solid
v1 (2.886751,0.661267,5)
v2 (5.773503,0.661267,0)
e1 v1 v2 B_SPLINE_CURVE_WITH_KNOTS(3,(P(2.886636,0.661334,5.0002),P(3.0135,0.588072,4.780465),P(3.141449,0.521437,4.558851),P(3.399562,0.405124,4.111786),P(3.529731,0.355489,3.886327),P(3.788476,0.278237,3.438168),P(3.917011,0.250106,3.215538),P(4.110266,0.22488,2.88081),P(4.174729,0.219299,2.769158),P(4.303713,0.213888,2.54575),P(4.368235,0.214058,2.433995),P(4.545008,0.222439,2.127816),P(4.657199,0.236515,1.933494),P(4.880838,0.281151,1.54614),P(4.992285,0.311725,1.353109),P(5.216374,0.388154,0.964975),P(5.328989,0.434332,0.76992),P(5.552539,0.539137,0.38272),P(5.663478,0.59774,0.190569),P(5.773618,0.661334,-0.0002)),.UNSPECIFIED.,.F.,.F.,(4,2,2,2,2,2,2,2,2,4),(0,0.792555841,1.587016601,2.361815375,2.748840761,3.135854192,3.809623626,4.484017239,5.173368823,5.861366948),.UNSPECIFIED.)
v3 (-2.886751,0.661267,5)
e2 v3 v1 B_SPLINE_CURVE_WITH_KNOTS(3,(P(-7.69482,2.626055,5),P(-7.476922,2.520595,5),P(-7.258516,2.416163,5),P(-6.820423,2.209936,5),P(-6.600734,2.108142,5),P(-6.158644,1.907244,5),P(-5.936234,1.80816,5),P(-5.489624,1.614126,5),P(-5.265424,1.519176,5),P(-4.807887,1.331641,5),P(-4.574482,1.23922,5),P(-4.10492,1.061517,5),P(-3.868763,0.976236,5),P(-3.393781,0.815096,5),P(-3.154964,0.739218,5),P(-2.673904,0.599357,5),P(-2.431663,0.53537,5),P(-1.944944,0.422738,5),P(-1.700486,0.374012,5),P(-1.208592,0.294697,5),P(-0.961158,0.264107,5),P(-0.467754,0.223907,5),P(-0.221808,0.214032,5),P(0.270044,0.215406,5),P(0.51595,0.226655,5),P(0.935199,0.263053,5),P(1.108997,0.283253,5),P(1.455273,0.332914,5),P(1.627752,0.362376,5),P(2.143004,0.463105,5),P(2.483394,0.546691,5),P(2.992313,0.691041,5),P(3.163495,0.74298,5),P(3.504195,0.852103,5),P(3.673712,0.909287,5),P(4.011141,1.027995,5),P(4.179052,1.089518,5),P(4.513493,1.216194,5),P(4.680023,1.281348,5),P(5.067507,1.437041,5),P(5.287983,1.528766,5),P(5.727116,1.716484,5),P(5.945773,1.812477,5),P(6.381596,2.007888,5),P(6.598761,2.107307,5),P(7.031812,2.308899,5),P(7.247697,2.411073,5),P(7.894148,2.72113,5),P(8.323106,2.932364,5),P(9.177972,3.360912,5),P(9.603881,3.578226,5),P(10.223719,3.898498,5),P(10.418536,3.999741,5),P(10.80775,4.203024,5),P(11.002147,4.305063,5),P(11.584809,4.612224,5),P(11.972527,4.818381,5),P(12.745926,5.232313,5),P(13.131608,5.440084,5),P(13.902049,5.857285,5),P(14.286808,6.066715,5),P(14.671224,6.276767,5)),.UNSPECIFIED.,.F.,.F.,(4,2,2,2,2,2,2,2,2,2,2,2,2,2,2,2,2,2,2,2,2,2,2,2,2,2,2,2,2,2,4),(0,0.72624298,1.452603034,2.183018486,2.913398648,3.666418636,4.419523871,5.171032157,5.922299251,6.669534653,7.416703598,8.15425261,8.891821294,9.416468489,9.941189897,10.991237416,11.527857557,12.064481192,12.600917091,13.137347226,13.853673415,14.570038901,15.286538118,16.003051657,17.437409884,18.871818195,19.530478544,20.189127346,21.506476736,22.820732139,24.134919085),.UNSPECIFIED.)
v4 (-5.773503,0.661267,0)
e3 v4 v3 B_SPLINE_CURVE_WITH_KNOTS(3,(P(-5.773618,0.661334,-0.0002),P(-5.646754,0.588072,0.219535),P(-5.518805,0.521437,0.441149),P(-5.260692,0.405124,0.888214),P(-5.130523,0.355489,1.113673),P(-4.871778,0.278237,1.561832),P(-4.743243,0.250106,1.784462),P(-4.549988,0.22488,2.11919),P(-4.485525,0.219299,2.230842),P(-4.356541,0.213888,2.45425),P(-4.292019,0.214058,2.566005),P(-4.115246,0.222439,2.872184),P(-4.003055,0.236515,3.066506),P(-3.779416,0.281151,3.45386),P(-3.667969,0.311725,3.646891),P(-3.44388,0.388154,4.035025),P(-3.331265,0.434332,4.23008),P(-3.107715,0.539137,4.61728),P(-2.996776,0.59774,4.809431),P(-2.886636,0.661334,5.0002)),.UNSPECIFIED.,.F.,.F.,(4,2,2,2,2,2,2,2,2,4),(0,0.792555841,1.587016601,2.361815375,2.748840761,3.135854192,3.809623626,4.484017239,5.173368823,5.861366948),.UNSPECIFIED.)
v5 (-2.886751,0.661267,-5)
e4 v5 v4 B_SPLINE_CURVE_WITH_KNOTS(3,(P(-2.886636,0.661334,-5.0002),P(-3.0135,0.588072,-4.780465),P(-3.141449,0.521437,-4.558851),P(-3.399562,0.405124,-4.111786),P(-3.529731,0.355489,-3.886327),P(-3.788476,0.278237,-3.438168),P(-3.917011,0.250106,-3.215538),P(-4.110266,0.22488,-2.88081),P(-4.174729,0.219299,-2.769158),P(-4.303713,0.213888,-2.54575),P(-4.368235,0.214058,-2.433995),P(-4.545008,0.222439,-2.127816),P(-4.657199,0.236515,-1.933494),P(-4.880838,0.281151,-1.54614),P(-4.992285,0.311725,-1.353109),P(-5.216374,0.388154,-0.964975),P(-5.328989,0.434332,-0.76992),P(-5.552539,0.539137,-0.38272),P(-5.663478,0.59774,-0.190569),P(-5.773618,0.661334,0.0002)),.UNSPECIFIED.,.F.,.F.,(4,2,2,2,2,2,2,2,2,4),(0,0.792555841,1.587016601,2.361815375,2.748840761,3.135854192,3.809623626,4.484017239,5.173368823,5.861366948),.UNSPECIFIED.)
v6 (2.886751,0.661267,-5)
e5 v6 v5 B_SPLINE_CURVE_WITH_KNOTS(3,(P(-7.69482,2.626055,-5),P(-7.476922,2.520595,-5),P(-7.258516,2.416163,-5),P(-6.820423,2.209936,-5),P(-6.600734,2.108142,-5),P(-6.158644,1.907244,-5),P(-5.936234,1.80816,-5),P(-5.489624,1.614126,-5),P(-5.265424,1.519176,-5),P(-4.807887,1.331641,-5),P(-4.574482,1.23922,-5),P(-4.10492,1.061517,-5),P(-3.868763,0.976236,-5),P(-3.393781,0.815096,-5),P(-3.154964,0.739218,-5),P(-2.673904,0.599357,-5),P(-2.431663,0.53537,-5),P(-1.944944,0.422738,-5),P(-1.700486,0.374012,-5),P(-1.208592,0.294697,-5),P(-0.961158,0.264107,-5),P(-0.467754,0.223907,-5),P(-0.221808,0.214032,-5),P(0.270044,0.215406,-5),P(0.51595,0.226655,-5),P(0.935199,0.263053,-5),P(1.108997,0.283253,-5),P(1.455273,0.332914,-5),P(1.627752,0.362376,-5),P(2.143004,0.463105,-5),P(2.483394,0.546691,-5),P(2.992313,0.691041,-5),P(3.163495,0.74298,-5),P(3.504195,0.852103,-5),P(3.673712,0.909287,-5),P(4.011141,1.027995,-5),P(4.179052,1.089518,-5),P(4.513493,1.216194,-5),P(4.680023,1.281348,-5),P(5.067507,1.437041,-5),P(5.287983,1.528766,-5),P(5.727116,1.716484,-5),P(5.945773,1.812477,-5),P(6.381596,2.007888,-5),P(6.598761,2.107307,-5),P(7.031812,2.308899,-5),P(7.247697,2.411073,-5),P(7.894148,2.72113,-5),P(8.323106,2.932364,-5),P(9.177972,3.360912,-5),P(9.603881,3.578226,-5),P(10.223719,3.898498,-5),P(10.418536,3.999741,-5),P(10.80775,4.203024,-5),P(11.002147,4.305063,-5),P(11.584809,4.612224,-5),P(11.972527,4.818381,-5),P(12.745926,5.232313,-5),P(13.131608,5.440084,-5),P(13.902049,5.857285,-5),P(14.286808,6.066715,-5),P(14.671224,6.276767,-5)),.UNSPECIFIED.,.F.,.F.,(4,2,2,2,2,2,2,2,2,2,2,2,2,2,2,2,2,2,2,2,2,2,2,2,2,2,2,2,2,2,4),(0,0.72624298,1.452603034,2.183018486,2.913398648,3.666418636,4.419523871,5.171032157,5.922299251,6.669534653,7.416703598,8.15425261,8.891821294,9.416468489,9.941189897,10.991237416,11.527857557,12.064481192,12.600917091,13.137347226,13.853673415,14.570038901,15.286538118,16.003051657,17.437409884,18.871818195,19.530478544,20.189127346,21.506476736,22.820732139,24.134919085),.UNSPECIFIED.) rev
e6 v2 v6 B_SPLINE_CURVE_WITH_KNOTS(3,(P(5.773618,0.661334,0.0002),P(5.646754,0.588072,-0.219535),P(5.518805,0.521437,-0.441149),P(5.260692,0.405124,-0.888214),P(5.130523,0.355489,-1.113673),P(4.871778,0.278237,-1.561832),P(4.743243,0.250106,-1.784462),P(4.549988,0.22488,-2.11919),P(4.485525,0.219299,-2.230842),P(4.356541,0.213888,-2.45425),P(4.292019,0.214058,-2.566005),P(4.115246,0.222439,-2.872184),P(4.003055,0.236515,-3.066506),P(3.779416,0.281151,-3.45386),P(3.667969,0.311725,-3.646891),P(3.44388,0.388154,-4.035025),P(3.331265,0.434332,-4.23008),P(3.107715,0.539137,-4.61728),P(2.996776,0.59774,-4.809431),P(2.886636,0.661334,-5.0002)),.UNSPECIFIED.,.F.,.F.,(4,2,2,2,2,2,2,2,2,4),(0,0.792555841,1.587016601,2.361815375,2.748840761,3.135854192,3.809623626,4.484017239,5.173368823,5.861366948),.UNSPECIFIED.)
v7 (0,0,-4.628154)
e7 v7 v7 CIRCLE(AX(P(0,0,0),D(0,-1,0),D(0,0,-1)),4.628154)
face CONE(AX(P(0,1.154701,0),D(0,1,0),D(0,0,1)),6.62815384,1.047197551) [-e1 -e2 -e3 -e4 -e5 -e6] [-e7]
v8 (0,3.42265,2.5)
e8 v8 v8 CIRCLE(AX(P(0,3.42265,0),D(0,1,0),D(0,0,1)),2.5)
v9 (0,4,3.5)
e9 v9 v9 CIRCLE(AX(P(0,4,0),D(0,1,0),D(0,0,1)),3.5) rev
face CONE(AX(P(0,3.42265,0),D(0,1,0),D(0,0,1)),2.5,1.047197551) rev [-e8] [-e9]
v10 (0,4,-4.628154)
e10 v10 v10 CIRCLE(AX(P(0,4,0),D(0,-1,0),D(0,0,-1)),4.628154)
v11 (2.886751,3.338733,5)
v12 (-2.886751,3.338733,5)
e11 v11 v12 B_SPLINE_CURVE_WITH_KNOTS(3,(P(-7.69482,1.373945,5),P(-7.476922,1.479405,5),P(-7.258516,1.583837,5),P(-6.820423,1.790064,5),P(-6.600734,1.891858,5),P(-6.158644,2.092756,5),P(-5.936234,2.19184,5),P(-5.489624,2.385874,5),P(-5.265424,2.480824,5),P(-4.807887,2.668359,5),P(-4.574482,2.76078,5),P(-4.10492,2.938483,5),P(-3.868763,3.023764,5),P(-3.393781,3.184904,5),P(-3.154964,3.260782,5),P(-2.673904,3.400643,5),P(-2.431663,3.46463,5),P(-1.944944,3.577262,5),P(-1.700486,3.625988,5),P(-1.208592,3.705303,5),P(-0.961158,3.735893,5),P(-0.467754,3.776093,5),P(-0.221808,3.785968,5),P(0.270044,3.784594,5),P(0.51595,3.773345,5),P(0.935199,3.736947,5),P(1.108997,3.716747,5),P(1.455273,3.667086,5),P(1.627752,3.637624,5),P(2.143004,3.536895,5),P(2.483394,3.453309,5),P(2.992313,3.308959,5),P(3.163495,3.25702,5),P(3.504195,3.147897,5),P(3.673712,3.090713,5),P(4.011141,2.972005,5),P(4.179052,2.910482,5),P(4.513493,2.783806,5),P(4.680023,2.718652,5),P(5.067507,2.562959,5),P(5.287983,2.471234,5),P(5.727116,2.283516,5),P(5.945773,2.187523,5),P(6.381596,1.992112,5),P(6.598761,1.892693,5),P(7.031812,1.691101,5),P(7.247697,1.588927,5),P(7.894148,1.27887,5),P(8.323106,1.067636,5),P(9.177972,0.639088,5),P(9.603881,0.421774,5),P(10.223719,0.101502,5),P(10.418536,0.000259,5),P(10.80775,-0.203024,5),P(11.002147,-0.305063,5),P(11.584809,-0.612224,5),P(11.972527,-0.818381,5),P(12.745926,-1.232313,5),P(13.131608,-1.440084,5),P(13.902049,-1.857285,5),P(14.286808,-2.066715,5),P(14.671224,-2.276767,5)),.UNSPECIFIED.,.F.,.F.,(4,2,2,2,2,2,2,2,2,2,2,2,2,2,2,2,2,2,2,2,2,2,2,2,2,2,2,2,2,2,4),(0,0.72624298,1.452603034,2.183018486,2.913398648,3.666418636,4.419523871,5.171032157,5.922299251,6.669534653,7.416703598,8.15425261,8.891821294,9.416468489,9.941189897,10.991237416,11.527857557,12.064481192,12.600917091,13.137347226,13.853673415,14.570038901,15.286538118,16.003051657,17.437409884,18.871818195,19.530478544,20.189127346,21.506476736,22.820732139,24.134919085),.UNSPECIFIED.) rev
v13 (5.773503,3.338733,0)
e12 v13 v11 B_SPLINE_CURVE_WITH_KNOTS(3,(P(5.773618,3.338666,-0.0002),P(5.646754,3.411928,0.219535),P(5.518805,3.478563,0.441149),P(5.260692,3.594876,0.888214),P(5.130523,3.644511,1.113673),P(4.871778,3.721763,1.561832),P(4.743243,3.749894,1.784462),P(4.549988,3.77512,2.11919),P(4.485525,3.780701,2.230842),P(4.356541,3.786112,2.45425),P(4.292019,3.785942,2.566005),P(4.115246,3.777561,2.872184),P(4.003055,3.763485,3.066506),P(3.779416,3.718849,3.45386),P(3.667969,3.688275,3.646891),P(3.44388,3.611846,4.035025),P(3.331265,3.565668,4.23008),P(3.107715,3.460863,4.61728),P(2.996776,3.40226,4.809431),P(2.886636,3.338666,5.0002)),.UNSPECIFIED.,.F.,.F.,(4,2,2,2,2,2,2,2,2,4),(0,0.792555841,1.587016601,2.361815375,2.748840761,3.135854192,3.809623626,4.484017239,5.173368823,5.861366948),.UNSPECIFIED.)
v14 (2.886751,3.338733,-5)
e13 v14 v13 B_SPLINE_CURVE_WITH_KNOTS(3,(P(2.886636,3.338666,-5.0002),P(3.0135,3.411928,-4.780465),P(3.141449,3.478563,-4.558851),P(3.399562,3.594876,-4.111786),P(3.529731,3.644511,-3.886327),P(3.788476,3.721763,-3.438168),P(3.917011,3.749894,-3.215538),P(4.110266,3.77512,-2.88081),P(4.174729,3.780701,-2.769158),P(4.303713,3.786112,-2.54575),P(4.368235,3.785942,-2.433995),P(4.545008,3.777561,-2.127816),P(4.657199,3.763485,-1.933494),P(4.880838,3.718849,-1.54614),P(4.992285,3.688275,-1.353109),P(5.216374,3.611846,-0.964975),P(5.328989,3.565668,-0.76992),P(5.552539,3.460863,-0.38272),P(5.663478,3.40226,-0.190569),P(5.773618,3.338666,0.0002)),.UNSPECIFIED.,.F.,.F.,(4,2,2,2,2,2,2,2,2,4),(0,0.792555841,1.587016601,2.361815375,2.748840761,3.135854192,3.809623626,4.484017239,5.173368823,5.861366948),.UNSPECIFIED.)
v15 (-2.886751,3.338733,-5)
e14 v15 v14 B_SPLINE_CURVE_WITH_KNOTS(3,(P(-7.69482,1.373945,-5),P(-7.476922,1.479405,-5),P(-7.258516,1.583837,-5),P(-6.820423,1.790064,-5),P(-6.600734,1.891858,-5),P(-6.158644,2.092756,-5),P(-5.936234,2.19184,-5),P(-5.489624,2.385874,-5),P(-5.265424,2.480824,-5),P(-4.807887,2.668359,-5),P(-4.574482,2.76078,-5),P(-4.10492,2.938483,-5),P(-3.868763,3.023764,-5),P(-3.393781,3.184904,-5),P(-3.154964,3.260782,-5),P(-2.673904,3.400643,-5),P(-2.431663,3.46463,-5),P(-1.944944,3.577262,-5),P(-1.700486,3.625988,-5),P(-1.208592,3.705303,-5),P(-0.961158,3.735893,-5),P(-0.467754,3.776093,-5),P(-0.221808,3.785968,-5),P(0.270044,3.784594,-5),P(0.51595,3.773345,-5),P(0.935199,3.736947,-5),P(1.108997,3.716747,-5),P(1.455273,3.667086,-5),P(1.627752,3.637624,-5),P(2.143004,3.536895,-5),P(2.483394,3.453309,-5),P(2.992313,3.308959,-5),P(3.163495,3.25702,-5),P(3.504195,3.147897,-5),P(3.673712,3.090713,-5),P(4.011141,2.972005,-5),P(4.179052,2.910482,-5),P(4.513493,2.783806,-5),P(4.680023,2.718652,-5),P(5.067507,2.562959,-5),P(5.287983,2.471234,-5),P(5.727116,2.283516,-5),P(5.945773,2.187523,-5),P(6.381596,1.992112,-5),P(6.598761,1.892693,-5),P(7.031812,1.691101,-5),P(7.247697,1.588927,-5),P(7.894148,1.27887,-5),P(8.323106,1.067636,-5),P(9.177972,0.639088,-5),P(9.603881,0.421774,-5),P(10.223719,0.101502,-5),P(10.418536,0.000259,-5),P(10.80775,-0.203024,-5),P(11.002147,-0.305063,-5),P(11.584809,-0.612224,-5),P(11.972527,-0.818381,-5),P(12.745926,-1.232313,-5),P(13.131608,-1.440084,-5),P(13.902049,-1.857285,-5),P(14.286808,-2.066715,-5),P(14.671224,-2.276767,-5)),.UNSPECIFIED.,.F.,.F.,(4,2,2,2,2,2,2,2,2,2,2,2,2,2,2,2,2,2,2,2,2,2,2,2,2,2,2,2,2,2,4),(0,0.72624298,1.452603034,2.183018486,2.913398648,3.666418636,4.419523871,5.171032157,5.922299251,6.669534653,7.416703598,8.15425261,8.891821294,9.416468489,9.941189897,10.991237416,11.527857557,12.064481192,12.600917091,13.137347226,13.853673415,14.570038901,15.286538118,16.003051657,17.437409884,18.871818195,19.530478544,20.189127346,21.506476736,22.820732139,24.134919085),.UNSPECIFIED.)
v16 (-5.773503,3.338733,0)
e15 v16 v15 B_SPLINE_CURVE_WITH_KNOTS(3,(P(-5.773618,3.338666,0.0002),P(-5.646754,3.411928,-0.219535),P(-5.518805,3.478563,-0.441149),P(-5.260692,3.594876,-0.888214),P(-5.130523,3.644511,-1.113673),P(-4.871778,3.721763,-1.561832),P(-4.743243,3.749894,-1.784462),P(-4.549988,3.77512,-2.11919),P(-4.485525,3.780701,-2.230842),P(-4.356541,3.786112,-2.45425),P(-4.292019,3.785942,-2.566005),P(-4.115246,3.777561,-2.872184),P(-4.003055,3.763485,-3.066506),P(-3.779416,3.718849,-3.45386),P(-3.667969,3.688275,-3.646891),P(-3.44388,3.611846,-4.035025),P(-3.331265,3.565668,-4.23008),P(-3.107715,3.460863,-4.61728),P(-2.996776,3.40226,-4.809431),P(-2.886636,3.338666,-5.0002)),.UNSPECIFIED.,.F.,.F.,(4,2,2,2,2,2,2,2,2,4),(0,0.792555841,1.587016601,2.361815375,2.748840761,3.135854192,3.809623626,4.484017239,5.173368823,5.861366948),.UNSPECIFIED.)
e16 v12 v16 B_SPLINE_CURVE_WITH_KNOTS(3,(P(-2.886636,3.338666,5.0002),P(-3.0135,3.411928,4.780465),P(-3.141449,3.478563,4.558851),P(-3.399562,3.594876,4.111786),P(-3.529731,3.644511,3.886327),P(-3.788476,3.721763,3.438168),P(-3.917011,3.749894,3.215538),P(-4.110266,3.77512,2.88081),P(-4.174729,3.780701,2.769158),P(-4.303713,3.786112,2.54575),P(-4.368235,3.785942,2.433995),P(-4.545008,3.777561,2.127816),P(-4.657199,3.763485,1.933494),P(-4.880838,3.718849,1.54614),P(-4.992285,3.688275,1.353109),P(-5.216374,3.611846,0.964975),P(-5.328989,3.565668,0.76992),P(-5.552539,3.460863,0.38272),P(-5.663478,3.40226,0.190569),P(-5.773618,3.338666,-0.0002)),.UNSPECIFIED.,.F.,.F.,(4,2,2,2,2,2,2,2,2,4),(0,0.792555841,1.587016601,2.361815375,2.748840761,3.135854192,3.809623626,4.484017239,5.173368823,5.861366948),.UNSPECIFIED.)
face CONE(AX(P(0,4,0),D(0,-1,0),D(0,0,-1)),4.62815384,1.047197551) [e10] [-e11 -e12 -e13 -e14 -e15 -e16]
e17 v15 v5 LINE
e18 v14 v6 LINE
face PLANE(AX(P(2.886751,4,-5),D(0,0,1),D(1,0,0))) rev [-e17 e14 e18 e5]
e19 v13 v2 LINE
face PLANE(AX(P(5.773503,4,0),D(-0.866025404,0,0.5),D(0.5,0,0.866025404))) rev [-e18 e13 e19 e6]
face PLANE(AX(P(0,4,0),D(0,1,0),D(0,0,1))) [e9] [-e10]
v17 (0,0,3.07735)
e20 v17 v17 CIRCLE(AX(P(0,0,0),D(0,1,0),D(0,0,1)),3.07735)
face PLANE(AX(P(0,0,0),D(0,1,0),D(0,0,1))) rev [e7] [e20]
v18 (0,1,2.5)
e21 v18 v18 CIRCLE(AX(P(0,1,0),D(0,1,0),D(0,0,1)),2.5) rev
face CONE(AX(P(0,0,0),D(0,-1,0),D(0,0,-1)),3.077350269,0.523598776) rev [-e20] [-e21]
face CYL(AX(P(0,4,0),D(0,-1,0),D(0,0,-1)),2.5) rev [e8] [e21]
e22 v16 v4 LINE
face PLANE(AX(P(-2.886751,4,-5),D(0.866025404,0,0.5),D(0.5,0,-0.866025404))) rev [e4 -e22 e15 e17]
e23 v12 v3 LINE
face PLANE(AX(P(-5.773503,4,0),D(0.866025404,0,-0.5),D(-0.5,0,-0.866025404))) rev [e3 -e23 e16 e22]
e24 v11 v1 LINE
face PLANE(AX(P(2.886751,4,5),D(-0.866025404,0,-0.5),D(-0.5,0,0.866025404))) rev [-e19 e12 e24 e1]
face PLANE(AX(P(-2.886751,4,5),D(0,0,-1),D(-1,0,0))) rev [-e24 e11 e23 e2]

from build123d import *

# Parameters (mm, degrees)
SKETCH_1_R             = 2.5
EXTRUDE_1_DEPTH        = 4
CHAMFER_1_SIZE         = 1
CHAMFER_1_SIZE2        = 0.577350269
CHAMFER_1_PART_2_SIZE  = 1
CHAMFER_1_PART_2_SIZE2 = 0.577350269


with BuildPart() as part:
    # Эскиз1 → Бобышка-Вытянуть1 (new body)
    with BuildSketch(Plane(origin=(0, 0, 0), x_dir=(1, 0, 0), z_dir=(0, 1, 0))):
        Polygon((-5.773502692, 0), (-2.886751346, -5), (2.886751346, -5), (5.773502692, 0), (2.886751346, 5), (-2.886751346, 5), align=None)
        Circle(SKETCH_1_R, mode=Mode.SUBTRACT)
    extrude(amount=EXTRUDE_1_DEPTH)

    # Фаска1
    chamfer_1_edges = [part.edges().sort_by_distance(p)[0] for p in [
        (-2.5, 0, 0),
    ]]
    chamfer_1_side = [part.faces().sort_by_distance(p)[0] for p in [
        (-2.5, 2, 0),
    ]]
    chamfer(chamfer_1_edges, length=CHAMFER_1_SIZE, length2=CHAMFER_1_SIZE2, reference=chamfer_1_side[0])

    # Фаска1 part 2
    chamfer_1_part_2_edges = [part.edges().sort_by_distance(p)[0] for p in [
        (-2.5, 4, 0),
    ]]
    chamfer_1_part_2_side = [part.faces().sort_by_distance(p)[0] for p in [
        (-4.197839453, 4, 2.423623738),
    ]]
    chamfer(chamfer_1_part_2_edges, length=CHAMFER_1_PART_2_SIZE, length2=CHAMFER_1_PART_2_SIZE2, reference=chamfer_1_part_2_side[0])

    # Эскиз2 → Вырез-Повернуть1 (revolve, cut)
    with BuildSketch(Plane(origin=(0, 0, 0), x_dir=(0, 0, -1), z_dir=(1, 0, 0))):
        Polygon((4.62815384, 0), (6.62815384, 0), (6.62815384, 1.154700538), align=None)
        Polygon((4.62815384, 4), (6.62815384, 2.845299462), (6.62815384, 4), align=None)
    revolve(axis=Axis((0, 0, 0), (0, 1, 0)), mode=Mode.SUBTRACT)


solid = part.part
